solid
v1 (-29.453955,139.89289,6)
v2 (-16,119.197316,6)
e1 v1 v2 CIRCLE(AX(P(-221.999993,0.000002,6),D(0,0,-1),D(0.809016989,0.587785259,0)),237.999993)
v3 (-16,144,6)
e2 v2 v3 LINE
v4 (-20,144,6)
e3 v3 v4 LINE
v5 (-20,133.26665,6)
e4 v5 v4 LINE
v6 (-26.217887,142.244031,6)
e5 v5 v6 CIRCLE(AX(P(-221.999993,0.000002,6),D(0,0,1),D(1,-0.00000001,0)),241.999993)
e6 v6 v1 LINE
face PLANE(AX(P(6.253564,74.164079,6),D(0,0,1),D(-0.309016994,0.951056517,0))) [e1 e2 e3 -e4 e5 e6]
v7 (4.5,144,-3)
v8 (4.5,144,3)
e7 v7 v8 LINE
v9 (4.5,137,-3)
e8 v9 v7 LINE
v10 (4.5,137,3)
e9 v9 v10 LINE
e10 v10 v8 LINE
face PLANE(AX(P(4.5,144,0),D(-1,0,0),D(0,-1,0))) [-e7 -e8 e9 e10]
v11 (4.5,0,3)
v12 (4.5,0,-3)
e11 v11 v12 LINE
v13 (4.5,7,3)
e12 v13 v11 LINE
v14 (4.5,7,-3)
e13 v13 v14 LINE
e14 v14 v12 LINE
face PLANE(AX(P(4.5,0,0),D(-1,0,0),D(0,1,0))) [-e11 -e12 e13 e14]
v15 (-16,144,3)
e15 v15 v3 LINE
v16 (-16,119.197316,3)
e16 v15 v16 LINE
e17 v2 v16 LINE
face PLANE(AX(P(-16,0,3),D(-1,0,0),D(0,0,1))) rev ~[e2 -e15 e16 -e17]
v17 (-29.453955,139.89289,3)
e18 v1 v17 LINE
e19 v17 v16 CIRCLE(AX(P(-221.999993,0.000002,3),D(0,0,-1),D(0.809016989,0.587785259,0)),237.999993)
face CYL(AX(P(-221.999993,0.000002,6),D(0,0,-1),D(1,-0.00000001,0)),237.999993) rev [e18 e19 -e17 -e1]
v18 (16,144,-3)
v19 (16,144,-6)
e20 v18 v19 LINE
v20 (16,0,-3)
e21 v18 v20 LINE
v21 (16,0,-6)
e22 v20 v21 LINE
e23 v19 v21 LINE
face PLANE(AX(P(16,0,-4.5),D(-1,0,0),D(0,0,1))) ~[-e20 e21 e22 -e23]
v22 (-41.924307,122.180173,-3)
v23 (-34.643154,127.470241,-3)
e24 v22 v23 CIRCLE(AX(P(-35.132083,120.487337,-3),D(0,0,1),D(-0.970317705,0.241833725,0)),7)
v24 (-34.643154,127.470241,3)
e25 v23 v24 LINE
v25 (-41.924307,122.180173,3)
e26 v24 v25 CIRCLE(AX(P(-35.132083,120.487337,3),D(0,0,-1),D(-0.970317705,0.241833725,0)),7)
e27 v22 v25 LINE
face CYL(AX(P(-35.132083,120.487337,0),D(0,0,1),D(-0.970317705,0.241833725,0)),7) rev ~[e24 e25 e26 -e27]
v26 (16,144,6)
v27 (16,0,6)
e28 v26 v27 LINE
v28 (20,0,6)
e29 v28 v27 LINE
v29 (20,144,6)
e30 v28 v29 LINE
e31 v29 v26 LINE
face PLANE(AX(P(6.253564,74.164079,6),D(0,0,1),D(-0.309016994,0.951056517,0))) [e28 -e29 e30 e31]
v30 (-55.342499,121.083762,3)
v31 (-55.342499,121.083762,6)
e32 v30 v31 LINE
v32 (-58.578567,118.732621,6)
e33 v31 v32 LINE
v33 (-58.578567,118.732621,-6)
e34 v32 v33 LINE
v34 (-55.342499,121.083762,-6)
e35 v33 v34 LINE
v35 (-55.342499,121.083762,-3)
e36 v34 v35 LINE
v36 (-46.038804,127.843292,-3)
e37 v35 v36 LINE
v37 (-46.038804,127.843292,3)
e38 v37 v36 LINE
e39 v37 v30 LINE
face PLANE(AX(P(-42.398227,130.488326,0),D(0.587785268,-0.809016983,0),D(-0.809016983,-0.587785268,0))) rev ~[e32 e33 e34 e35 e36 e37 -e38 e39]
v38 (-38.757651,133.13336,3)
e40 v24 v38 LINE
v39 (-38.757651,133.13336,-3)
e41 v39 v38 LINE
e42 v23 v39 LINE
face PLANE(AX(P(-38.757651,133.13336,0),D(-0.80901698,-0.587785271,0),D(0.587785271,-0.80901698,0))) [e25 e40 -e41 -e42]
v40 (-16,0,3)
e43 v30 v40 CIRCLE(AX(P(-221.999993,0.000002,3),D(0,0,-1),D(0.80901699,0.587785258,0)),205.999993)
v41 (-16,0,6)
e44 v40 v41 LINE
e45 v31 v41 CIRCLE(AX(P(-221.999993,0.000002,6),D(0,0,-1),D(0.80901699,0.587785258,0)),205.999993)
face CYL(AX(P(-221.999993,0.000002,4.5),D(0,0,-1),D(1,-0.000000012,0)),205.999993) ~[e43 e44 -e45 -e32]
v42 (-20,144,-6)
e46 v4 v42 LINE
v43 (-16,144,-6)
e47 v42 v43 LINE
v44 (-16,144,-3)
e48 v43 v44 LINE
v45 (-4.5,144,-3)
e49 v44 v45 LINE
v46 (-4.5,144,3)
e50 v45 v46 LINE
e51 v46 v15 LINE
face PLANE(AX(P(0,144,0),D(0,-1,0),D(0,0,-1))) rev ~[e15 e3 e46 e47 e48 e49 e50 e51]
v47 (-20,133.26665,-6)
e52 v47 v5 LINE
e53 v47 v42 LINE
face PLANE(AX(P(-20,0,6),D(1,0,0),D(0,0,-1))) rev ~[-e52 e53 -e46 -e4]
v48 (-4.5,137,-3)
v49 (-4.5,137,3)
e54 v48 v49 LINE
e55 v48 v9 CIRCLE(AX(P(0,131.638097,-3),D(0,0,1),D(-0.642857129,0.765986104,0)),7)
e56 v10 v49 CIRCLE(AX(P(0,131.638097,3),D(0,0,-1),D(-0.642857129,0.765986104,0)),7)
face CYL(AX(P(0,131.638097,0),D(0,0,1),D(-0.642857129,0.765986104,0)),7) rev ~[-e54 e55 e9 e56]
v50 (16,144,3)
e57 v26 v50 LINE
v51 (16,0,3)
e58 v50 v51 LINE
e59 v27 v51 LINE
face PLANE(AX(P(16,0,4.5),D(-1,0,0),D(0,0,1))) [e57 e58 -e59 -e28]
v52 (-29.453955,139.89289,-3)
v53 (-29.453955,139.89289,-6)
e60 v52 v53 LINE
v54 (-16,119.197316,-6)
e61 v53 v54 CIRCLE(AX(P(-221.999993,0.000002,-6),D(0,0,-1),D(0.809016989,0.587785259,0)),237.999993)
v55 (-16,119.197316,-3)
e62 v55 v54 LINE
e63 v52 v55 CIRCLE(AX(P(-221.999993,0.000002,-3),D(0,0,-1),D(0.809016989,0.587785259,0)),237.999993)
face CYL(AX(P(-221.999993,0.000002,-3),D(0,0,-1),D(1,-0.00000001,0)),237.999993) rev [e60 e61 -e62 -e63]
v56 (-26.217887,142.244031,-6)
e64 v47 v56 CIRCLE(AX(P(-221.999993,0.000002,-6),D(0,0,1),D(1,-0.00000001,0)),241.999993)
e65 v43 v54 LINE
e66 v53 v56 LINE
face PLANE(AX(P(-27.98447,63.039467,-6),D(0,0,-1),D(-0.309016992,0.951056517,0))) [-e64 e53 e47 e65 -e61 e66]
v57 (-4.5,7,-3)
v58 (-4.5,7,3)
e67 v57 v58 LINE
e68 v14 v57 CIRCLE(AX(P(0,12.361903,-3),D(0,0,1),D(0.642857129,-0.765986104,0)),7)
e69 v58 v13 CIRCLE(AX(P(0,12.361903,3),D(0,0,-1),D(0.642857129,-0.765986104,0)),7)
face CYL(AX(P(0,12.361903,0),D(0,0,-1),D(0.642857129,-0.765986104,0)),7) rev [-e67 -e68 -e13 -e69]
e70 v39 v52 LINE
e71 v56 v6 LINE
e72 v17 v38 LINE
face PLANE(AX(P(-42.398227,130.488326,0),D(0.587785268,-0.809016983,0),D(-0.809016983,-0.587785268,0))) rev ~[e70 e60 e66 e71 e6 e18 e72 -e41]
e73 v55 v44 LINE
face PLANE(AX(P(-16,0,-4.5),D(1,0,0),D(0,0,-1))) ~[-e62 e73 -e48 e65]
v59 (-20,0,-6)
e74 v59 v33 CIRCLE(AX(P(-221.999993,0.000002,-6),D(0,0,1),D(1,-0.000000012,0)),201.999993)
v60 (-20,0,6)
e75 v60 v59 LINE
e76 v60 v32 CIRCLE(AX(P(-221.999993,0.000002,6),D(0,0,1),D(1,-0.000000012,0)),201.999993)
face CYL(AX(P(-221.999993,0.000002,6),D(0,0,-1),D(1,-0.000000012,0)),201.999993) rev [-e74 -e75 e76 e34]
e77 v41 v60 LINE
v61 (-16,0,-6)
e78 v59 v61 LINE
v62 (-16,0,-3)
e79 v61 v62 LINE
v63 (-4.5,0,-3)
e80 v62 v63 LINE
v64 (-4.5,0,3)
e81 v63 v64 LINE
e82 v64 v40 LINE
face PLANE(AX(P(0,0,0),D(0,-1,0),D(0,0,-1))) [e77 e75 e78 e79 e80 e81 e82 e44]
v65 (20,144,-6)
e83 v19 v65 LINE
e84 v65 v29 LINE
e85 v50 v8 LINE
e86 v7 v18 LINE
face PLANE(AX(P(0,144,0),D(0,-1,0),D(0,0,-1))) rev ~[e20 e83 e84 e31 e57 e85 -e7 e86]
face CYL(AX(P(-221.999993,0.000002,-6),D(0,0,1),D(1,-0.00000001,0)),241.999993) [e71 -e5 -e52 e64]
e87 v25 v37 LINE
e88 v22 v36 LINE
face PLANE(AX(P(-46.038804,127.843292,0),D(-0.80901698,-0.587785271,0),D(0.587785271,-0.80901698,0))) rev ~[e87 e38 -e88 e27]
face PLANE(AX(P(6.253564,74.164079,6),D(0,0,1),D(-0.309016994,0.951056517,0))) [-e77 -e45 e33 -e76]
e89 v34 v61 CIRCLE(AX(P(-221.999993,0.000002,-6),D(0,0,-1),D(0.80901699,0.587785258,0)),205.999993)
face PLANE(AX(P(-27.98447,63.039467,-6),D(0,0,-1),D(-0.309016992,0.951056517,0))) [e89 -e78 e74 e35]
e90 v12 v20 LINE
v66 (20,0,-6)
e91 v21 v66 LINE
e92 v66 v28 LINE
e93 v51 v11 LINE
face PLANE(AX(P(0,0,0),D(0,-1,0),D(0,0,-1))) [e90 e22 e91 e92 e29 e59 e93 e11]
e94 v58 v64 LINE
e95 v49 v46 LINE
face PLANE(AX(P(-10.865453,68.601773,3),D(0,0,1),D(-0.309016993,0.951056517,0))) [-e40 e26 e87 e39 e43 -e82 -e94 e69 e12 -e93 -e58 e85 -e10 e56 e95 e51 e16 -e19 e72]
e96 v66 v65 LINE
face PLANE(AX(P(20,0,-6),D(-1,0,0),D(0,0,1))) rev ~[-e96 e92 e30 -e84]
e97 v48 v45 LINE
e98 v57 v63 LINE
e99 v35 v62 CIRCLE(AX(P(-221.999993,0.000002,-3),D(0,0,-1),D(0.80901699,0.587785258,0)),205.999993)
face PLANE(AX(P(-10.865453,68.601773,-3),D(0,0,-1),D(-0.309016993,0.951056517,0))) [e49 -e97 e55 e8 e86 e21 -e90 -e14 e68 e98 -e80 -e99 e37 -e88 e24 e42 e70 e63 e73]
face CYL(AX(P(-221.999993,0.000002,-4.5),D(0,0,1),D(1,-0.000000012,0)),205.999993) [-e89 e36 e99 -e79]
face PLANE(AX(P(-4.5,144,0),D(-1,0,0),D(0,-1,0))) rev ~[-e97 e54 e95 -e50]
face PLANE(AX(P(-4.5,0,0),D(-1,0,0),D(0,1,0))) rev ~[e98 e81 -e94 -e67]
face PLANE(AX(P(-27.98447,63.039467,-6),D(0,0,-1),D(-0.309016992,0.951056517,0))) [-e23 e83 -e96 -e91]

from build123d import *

# Parameters (mm, degrees)
SKETCH013_W          = 32
SKETCH013_H          = 3
POCKET_DEPTH         = 6.001
POCKET_DEPTH_BACK    = -6.001
POCKET001_DEPTH      = 6.001
POCKET001_DEPTH_BACK = -6.001
POCKET002_DEPTH      = 6.001
POCKET002_DEPTH_BACK = -6.001


with BuildPart() as part:
    # AdditivePipe: sweep along a path in Sketch002
    with BuildLine(Plane.XY) as additivepipe_path:
        ThreePointArc((0, 0), (-10.865453, 68.601773), (-42.398227, 130.488326))
    # Sketch → AdditivePipe (sweep)
    with BuildSketch(Plane.XZ):
        Polygon((-20, 6), (-20, -6), (-16, -6), (-16, -3), (-9, -3), (9, -3), (16, -3), (16, -6), (20, -6), (20, 6), (16, 6), (16, 3), (9, 3), (-9, 3), (-16, 3), (-16, 6), align=None)
    sweep(path=additivepipe_path.line)

    # AdditivePipe001: sweep along a path in Sketch001
    with BuildLine(Plane.XY) as additivepipe001_path:
        Line((0, 0), (0, 144))
    # Sketch → AdditivePipe001 (sweep)
    with BuildSketch(Plane.XZ):
        Polygon((-20, 6), (-20, -6), (-16, -6), (-16, -3), (-9, -3), (9, -3), (16, -3), (16, -6), (20, -6), (20, 6), (16, 6), (16, 3), (9, 3), (-9, 3), (-16, 3), (-16, 6), align=None)
    sweep(path=additivepipe001_path.line)

    # SubtractivePipe: sweep along a path in Sketch002
    with BuildLine(Plane.XY) as subtractivepipe_path:
        ThreePointArc((0, 0), (-10.865453, 68.601773), (-42.398227, 130.488326))
    # Sketch013 (on Face1 of AdditivePipe001) → SubtractivePipe (sweep, cut)
    with BuildSketch(Plane.XZ):
        with Locations((0, 4.5)):
            Rectangle(SKETCH013_W, SKETCH013_H)
    subtractivepipe = sweep(path=subtractivepipe_path.line, mode=Mode.SUBTRACT)

    # SubtractivePipe001: sweep along a path in Sketch001
    with BuildLine(Plane.XY) as subtractivepipe001_path:
        Line((0, 0), (0, 144))
    # Sketch013 (on Face1 of AdditivePipe001) → SubtractivePipe001 (sweep, cut)
    with BuildSketch(Plane.XZ):
        with Locations((0, 4.5)):
            Rectangle(SKETCH013_W, SKETCH013_H)
    subtractivepipe001 = sweep(path=subtractivepipe001_path.line, mode=Mode.SUBTRACT)

    # Mirrored: SubtractivePipe across XY
    add(subtractivepipe.mirror(Plane.XY), mode=Mode.SUBTRACT)

    # Mirrored001: SubtractivePipe001 across XY
    add(subtractivepipe001.mirror(Plane.XY), mode=Mode.SUBTRACT)

    # Sketch014 → Pocket (cut, two sides)
    with BuildSketch(Plane.XY) as pocket_sk:
        with BuildLine():
            Line((-4.5, 0), (4.5, 0))
            Line((4.5, 0), (4.5, 7))
            ThreePointArc((4.5, 7), (0, 19.361903), (-4.5, 7))
            Line((-4.5, 0), (-4.5, 7))
        make_face()
    extrude(amount=-POCKET_DEPTH, mode=Mode.SUBTRACT)
    extrude(pocket_sk.sketch, amount=-POCKET_DEPTH_BACK, mode=Mode.SUBTRACT)

    # Sketch015 → Pocket001 (cut, two sides)
    with BuildSketch(Plane.XY) as pocket001_sk:
        with BuildLine():
            Line((-46.038804, 127.843292), (-38.757651, 133.13336))
            Line((-38.757651, 133.13336), (-34.643154, 127.470241))
            ThreePointArc((-41.924307, 122.180173), (-31.017586, 114.824218), (-34.643154, 127.470241))
            Line((-46.038804, 127.843292), (-41.924307, 122.180173))
        make_face()
    extrude(amount=-POCKET001_DEPTH, mode=Mode.SUBTRACT)
    extrude(pocket001_sk.sketch, amount=-POCKET001_DEPTH_BACK, mode=Mode.SUBTRACT)

    # Sketch016 → Pocket002 (cut, two sides)
    with BuildSketch(Plane.XY) as pocket002_sk:
        with BuildLine():
            Line((-4.5, 144), (4.5, 144))
            Line((4.5, 144), (4.5, 137))
            ThreePointArc((-4.5, 137), (0, 124.638097), (4.5, 137))
            Line((-4.5, 144), (-4.5, 137))
        make_face()
    extrude(amount=-POCKET002_DEPTH, mode=Mode.SUBTRACT)
    extrude(pocket002_sk.sketch, amount=-POCKET002_DEPTH_BACK, mode=Mode.SUBTRACT)


solid = part.part
